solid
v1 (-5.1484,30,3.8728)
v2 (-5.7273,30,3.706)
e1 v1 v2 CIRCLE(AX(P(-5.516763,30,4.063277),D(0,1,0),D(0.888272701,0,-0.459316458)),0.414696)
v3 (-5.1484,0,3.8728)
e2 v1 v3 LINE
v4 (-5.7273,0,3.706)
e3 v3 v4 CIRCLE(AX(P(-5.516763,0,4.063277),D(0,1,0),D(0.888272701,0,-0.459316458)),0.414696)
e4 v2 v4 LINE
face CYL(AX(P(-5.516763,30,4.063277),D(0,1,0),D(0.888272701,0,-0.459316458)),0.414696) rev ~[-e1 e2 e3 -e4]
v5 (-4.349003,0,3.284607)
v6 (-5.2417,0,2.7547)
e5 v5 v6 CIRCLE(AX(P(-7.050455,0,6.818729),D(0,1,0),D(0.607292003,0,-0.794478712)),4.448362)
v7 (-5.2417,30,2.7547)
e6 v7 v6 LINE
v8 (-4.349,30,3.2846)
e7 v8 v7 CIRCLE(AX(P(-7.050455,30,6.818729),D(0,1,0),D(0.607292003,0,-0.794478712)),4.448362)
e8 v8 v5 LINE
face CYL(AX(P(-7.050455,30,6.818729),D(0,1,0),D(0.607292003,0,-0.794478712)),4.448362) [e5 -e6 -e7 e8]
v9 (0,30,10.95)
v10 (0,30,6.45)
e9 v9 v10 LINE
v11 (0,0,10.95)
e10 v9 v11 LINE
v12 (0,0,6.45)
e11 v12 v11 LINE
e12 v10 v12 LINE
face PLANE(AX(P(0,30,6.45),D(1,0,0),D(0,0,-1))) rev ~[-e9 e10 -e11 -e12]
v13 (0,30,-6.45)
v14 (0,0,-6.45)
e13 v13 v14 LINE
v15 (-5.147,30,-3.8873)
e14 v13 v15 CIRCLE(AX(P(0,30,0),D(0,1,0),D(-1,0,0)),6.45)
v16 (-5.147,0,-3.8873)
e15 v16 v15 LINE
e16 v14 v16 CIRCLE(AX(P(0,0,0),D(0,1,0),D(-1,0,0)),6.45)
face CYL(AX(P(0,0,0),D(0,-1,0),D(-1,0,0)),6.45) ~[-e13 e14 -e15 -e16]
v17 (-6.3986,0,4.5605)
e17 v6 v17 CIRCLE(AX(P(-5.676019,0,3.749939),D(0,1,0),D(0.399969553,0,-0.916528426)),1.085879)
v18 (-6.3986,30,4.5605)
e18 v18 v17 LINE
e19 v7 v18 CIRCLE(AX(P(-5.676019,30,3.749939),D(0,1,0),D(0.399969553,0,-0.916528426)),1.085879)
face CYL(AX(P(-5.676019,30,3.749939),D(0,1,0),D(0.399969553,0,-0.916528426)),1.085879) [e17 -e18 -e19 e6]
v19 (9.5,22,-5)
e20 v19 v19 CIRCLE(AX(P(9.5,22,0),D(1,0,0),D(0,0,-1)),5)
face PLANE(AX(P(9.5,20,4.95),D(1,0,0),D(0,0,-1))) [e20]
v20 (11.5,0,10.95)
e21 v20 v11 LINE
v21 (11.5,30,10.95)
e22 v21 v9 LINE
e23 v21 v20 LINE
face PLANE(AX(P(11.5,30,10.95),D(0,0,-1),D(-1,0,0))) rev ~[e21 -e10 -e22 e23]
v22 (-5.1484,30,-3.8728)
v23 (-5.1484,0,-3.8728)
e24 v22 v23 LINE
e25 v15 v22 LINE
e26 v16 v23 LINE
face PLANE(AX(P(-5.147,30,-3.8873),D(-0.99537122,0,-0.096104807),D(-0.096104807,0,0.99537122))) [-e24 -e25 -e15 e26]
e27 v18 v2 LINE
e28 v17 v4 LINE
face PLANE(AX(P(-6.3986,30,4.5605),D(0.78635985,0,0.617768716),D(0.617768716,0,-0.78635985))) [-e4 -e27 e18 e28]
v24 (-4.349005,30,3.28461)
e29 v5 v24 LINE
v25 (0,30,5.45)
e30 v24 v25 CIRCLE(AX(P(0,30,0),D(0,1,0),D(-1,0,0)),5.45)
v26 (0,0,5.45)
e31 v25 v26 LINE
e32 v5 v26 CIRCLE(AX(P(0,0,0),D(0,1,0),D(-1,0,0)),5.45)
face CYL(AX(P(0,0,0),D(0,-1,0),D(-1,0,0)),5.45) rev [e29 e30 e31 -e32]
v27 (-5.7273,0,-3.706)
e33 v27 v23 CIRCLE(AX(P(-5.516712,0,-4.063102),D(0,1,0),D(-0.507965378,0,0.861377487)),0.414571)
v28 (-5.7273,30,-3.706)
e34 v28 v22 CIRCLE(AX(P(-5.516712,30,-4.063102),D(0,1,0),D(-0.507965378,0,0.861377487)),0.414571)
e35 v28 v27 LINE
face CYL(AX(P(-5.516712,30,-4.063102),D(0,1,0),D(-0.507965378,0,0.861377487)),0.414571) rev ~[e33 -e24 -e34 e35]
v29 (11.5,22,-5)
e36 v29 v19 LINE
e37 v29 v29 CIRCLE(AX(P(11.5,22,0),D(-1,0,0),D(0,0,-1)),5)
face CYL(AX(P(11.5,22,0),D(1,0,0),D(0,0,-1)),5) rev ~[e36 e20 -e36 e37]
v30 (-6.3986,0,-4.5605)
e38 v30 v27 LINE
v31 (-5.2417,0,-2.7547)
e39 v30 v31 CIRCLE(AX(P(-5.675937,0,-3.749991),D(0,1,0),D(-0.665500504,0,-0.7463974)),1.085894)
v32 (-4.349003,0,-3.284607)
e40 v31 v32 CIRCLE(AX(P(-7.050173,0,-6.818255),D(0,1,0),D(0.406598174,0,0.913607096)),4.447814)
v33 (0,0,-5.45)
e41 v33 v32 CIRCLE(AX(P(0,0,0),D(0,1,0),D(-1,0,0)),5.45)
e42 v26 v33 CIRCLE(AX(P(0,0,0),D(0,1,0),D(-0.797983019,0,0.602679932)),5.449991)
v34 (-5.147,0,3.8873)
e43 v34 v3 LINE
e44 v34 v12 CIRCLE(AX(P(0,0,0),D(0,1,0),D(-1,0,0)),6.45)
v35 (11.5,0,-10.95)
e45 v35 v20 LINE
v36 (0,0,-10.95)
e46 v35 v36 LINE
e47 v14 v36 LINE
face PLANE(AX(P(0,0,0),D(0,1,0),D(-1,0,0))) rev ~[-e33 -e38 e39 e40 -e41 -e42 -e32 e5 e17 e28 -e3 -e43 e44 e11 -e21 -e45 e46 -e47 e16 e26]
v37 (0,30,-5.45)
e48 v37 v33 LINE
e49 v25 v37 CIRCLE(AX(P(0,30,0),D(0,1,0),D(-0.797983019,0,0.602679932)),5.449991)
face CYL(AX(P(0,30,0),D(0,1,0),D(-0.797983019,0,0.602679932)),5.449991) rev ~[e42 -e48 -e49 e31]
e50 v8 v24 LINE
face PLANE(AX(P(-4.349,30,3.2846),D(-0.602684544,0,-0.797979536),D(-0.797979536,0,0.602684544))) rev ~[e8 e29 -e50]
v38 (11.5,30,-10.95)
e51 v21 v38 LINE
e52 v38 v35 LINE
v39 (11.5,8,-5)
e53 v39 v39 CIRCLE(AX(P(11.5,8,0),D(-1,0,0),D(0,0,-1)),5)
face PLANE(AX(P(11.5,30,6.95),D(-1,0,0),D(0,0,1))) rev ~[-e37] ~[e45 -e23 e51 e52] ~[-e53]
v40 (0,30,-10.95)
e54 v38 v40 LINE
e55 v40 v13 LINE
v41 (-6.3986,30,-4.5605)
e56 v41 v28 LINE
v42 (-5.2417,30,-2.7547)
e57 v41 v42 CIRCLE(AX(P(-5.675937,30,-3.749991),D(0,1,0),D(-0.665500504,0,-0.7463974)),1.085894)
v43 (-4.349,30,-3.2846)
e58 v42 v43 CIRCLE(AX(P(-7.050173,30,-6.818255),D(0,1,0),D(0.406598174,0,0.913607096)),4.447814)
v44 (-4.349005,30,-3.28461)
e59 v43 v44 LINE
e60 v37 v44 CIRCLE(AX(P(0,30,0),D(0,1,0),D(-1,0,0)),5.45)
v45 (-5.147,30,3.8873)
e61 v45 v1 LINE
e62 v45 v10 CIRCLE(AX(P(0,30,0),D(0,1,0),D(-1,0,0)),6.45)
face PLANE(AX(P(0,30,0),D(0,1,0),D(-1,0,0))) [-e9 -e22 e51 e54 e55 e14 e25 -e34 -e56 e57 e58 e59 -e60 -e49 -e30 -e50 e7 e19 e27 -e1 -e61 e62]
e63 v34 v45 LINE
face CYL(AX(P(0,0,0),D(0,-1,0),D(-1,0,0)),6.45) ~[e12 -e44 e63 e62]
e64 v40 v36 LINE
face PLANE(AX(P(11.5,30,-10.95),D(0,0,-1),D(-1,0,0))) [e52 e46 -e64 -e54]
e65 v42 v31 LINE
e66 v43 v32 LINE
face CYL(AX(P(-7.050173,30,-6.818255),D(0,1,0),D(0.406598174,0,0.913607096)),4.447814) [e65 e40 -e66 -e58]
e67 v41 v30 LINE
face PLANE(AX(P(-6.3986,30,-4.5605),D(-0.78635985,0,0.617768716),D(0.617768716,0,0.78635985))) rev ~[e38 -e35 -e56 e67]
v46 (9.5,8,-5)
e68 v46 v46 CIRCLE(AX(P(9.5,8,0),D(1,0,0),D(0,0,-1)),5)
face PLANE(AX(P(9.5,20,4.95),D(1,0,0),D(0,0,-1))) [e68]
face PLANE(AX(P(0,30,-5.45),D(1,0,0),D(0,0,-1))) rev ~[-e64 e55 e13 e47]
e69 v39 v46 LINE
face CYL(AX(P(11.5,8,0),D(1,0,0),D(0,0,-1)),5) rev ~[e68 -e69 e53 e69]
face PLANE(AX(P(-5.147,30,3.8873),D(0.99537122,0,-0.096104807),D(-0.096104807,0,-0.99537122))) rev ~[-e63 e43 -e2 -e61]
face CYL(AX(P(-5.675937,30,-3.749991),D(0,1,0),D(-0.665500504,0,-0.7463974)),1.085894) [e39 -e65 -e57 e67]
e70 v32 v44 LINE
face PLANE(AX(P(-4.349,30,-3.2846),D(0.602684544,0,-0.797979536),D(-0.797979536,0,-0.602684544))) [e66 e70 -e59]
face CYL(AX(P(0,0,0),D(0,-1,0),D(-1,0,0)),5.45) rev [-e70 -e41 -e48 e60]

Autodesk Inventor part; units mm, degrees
ref_plane "YZ Plane" through (0, 0, 0) normal (1, 0, 0) x (0, 1, 0)
ref_plane "XZ Plane" through (0, 0, 0) normal (0, 1, 0) x (-1, 0, 0)
ref_plane "XY Plane" through (0, 0, 0) normal (0, 0, 1) x (1, 0, 0)
sketch "Эскиз1" plane through (0, 0, 0) normal (0, 1, 0) x (-1, 0, 0)
  circle A0 centre (0, 0) radius 5.45
  circle A1 centre (0, 0) radius 6.45
  line L0 (0, 0) -> (5.147, 3.8873)
  line L1 (0, 0) -> (5.147, -3.8873)
  point P0 (4.349, -3.2846)
  point P1 (4.349, 3.2846)
  dimension "d0" = 10.9
  dimension "d1" = 12.9
extrude "Выдавливание1" add sketch "Эскиз1" along normal blind 30 contours A0 L1 A1 L0 picked at (4.1928, 4.3939)
sketch "Эскиз2" plane through (0, 30, 0) normal (0, 1, 0) x (1, 0, 0)
  arc A0 (-4.349, -3.2846) -> (-5.2417, -2.7547) centre (-7.0503, -6.8185) ccw
  arc A1 (-5.2417, -2.7547) -> (-6.3986, -4.5605) centre (-5.676, -3.75) ccw
  line L0 (-6.3986, -4.5605) -> (-5.7273, -3.706)
  arc A2 (-5.1484, -3.8728) -> (-5.7273, -3.706) centre (-5.5167, -4.0632) ccw
  line L1 (-4.349, -3.2846) -> (-5.147, -3.8873)
  line L2 (-5.147, -3.8873) -> (-4.349, -3.2846)
  line L3 (-5.147, -3.8873) -> (-5.1484, -3.8728)
  line L4 (-0.0151, 0) -> (-3.489, 0)
  arc A3 (-5.2417, 2.7547) -> (-4.349, 3.2846) centre (-7.0503, 6.8185) ccw
  arc A4 (-5.7273, 3.706) -> (-5.1484, 3.8728) centre (-5.5167, 4.0632) ccw
  line L5 (-4.349, 3.2846) -> (-5.147, 3.8873)
  line L6 (-5.147, 3.8873) -> (-4.349, 3.2846)
  line L7 (-5.147, 3.8873) -> (-5.1484, 3.8728)
  arc A5 (-6.3986, 4.5605) -> (-5.2417, 2.7547) centre (-5.676, 3.75) ccw
  line L8 (-6.3986, 4.5605) -> (-5.7273, 3.706)
  point P0 (-5.3694, -4.0591)
  point P1 (-5.147, 3.8873)
  point P2 (-5.3694, 4.0591)
  point P3 (-5.147, 3.8873)
  dimension "d25" = 1.0859
sketch "Эскиз3" plane through (0, 30, 0) normal (0, 1, 0) x (1, 0, 0)
  arc A0 (-5.147, -3.8873) -> (-5.147, 3.8873) centre (0, 0) ccw projected
  line L0 (11.5, -6.95) -> (11.5, 6.95)
  arc A1 (-4.349, -3.2846) -> (-4.349, 3.2846) centre (0, 0) ccw projected
  line L1 (0, -6.45) -> (0, -5.45)
  line L2 (0, 5.45) -> (0, 6.45)
  line L3 (11.5, 6.95) -> (11.5, 10.95)
  line L4 (11.5, -6.95) -> (11.5, -10.95)
  line L5 (0, 1.95) -> (0, 6.45)
  line L6 (11.5, -10.95) -> (0, -10.95)
  line L7 (0, -10.95) -> (0, -6.45)
  line L8 (11.5, 10.95) -> (0, 10.95)
  line L9 (0, 10.95) -> (0, 6.45)
  arc A2 (0, -5.45) -> (0, 5.45) centre (0, 0) ccw
  dimension "d13" = 4
  dimension "d14" = 4
  dimension "d22" = 21.9
  dimension "d23" = 5.5
extrude "Выдавливание3" add sketch "Эскиз3" against normal blind 30
ref_plane "РабПлоскость1" through (11.5, 20, 4.95) normal (1, 0, 0) x (0, 0, -1)
sketch "Эскиз4" plane through (11.5, 20, 4.95) normal (1, 0, 0) x (0, 0, -1)
  line L0 (4.95, -20) -> (4.95, 10)
  line L1 (1, 10) -> (8.9, 10) projected
  circle A0 centre (4.95, -12) radius 5
  line L2 (14.4, -20) -> (-4.5, -20) projected
  circle A1 centre (4.95, 2) radius 5
  line L3 (-4.5, 10) -> (14.4, 10) projected
  point P0 (7.3306, 10)
  point P1 (2.5694, 10)
  point P2 (4.95, 10)
  dimension "d15" = 10
  dimension "d16" = 8
  dimension "d17" = 10
  dimension "d18" = 8
extrude "Выдавливание4" cut sketch "Эскиз4" against normal blind 2
extrude "Выдавливание5" add sketch "Эскиз2" against normal blind 30
sketch "Эскиз5" plane through (0, 30, 0) normal (0, 1, 0) x (1, 0, 0)
  arc A0 (0, 6.45) -> (-5.147, 3.8873) centre (0, 0) ccw projected
  line L0 (-5.147, 3.8873) -> (-5.1484, 3.8728) projected
  arc A1 (-5.7273, 3.706) -> (-5.1484, 3.8728) centre (-5.5167, 4.0632) ccw projected
  line L1 (-5.7273, 3.706) -> (-6.3986, 4.5605) projected
  arc A2 (-6.3986, 4.5605) -> (-5.2417, 2.7547) centre (-5.676, 3.75) ccw projected
  arc A3 (-5.2417, 2.7547) -> (-4.349, 3.2846) centre (-7.0503, 6.8185) ccw projected
  arc A4 (-4.349, -3.2846) -> (-4.349, 3.2846) centre (0, 0) ccw projected
  arc A5 (-4.349, -3.2846) -> (-5.2417, -2.7547) centre (-7.0503, -6.8185) ccw projected
  arc A6 (-5.2417, -2.7547) -> (-6.3986, -4.5605) centre (-5.676, -3.75) ccw projected
  line L2 (-6.3986, -4.5605) -> (-5.7273, -3.706) projected
  arc A7 (-5.1484, -3.8728) -> (-5.7273, -3.706) centre (-5.5167, -4.0632) ccw projected
  line L3 (-5.1484, -3.8728) -> (-5.147, -3.8873) projected
  arc A8 (-5.147, -3.8873) -> (0, -6.45) centre (0, 0) ccw projected
  line L4 (0, -6.45) -> (0, -10.95) projected
  line L5 (0, -10.95) -> (11.5, -10.95) projected
  line L6 (11.5, -10.95) -> (11.5, 10.95) projected
  line L7 (11.5, 10.95) -> (0, 10.95) projected
  line L8 (0, 10.95) -> (0, 6.45) projected
  line L9 (0, 5.45) -> (0, 6.45)
  line L10 (0, -5.45) -> (0, -6.45)
extrude "Выдавливание6" [suppressed]
sketch "Эскиз6" plane through (11.5, 30, 10.95) normal (1, 0, 0) x (0, 0, -1)
  arc A0 (15.95, -22) -> (15.95, -22) centre (10.95, -22) ccw projected
  arc A1 (15.95, -8) -> (15.95, -8) centre (10.95, -8) ccw projected
  point P0 (10.95, -30)
extrude "Выдавливание7" [suppressed]
properties part number "крепление маркера 11мм"
